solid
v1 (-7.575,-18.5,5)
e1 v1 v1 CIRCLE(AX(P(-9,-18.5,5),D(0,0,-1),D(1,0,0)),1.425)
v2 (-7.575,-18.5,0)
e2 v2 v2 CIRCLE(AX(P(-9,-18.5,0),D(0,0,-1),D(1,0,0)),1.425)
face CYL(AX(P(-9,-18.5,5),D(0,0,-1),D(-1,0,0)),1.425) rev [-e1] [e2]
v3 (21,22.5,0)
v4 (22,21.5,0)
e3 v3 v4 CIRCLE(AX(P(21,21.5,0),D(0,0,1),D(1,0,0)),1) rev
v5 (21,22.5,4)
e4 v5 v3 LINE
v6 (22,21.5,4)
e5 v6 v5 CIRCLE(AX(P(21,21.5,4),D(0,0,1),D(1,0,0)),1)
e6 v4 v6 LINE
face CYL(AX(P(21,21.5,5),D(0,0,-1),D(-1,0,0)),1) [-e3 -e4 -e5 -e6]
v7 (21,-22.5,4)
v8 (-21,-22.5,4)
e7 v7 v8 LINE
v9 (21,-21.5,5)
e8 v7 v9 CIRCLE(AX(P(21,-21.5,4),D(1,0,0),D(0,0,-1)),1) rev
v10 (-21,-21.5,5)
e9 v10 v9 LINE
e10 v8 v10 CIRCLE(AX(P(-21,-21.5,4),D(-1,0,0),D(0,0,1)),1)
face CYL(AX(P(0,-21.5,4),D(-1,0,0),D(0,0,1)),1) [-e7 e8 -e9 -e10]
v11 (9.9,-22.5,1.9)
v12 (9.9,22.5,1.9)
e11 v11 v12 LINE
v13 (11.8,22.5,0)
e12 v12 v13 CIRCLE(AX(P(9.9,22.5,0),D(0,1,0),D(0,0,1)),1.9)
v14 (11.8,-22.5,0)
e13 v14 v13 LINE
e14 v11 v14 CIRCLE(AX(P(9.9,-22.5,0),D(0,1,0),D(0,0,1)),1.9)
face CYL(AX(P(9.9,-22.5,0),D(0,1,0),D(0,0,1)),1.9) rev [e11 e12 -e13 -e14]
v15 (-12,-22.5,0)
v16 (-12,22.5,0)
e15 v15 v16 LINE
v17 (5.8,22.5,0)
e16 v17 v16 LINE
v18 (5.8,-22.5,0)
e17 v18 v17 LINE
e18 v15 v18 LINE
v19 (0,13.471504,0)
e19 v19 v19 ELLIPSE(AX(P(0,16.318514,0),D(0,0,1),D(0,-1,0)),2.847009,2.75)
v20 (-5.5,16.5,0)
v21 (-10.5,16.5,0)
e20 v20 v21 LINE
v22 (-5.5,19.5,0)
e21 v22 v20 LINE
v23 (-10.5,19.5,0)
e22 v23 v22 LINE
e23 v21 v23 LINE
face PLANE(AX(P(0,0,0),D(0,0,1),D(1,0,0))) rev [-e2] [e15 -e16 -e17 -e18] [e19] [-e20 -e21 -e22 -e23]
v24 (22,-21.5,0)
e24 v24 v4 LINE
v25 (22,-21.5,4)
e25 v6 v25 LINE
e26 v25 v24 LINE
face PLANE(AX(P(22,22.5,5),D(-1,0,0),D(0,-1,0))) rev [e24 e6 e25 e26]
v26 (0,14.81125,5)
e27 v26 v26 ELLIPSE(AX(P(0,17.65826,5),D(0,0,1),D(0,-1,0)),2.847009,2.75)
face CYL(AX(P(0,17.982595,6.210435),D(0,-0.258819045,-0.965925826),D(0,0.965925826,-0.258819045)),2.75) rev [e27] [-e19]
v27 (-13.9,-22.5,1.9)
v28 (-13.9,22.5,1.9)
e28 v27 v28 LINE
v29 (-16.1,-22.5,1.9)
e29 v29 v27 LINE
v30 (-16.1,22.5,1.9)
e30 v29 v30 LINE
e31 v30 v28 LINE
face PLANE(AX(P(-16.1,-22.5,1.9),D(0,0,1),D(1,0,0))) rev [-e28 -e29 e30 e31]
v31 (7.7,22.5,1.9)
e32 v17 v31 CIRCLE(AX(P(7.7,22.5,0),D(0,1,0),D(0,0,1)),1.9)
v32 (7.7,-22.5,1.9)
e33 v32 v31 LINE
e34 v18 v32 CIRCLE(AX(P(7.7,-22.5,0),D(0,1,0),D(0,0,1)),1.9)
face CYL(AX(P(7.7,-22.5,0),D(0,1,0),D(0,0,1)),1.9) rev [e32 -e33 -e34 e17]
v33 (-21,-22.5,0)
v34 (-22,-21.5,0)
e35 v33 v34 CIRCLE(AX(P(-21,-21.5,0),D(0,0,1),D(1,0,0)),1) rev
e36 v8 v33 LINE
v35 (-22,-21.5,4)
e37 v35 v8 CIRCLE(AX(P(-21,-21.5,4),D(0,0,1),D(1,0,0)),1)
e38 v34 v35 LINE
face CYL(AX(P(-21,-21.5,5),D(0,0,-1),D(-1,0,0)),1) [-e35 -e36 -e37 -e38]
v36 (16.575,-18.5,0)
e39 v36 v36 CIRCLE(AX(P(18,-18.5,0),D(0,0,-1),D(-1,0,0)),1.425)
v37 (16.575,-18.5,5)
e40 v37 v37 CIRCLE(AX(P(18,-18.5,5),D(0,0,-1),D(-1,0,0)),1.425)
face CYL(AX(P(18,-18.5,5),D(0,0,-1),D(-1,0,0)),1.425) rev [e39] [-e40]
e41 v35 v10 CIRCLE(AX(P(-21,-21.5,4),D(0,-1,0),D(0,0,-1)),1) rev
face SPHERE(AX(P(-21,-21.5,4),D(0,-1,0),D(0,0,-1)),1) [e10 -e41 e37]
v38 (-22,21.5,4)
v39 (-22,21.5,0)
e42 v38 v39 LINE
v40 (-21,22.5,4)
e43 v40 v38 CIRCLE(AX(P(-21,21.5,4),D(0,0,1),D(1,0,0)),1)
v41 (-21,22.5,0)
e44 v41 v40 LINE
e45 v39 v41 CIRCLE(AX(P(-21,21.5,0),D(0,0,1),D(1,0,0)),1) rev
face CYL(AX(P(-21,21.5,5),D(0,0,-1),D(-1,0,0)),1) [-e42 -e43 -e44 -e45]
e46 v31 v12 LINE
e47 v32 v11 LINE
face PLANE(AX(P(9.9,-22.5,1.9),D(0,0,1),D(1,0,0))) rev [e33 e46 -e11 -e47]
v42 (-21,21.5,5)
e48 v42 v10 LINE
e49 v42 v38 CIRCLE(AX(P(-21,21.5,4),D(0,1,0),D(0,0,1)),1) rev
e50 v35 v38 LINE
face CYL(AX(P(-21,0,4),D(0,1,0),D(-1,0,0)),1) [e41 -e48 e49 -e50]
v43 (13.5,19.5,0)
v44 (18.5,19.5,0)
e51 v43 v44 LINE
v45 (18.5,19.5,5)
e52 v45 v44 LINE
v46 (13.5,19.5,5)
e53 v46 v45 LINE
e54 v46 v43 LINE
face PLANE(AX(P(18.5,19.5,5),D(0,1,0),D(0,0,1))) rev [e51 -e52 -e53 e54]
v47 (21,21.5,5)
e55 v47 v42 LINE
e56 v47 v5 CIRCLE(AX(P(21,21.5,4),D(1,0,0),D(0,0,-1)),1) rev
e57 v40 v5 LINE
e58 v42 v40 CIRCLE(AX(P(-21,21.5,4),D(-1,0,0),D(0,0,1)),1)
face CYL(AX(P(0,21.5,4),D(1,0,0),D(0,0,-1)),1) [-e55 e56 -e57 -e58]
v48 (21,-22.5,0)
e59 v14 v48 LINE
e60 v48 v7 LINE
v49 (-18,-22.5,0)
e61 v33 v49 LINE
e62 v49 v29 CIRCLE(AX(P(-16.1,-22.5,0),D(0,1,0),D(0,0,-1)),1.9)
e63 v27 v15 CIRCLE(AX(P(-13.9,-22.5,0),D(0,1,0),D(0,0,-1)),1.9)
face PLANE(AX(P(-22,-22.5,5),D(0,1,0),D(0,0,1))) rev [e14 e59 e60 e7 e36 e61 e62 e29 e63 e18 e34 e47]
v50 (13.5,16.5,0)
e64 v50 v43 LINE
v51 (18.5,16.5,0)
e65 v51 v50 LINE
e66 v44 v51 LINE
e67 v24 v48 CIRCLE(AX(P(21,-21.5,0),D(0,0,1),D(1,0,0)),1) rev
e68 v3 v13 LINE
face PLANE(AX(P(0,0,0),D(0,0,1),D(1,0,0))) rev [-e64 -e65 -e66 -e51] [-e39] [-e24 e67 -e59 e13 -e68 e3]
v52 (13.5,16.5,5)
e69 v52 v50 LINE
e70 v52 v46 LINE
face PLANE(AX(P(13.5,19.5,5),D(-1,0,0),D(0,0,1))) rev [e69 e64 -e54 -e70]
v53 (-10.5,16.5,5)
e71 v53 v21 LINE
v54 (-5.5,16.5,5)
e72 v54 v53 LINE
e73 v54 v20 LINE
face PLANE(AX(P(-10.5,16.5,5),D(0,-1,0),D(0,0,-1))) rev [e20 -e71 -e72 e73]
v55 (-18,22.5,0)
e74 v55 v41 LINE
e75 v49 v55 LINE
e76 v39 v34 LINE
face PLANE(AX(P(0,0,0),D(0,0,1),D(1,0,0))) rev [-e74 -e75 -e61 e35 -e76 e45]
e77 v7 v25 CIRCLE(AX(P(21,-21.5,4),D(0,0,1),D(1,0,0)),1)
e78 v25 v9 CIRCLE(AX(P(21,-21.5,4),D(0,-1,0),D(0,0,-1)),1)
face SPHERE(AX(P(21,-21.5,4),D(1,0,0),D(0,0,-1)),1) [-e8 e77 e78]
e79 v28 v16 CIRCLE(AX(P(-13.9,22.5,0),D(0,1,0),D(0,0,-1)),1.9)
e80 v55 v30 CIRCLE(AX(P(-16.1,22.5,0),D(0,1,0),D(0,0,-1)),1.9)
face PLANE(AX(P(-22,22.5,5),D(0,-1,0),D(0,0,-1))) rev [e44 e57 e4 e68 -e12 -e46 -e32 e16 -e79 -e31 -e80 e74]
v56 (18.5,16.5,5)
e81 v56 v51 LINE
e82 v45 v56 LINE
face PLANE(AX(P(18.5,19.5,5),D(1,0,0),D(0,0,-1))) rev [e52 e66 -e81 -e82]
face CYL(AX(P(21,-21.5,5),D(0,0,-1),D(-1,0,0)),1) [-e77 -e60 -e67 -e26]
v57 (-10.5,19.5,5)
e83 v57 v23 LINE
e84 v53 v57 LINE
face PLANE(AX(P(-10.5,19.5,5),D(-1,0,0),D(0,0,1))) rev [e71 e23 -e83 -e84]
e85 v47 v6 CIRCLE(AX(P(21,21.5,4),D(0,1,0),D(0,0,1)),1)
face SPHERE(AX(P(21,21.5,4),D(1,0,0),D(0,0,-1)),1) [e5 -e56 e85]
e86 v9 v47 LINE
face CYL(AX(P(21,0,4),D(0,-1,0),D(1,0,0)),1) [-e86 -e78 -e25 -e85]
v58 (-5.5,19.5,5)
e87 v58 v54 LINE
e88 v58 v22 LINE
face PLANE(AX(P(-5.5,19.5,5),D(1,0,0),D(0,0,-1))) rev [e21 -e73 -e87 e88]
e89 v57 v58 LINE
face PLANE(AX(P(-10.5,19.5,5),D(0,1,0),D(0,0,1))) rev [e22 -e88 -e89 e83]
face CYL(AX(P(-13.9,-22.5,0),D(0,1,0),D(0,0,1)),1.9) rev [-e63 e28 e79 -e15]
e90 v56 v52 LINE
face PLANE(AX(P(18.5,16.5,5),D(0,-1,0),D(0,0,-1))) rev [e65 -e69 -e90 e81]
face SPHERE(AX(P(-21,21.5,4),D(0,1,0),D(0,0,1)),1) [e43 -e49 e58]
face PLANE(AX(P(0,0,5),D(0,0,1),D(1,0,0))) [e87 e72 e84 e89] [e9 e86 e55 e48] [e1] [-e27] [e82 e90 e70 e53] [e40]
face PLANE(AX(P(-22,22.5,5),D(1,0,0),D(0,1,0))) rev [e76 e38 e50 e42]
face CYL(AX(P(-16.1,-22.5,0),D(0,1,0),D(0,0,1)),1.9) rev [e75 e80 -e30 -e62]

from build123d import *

# Parameters (mm, degrees)
SKETCH1_W                       = 44
SKETCH1_H                       = 45
BASE_DEPTH                      = 5
WIRE_GROOVES_DEPTH              = 51.338851795
SCREW_INSERTION_HOLE_DEPTH      = 33.181634738
SCREW_INSERTION_HOLE_DEPTH_BACK = 33.181634738
SKETCH3_R                       = 2.75
SKETCH5_W                       = 5
SKETCH5_H                       = 3
ZIP_TIE_SLOTS_DEPTH             = 32.862987933
SKETCH6_R                       = 1.425
MOUNT_CLAMPING_HOLES_DEPTH      = 32.862987933
EDGE_FILLETS_R                  = 1


with BuildPart() as part:
    # Sketch1 → Base (new body)
    with BuildSketch(Plane.XY):
        Rectangle(SKETCH1_W, SKETCH1_H)
    extrude(amount=BASE_DEPTH)

    # Sketch2 → Wire Grooves (cut, through all)
    with BuildSketch(Plane(origin=(0, 22.5, 0), x_dir=(1, 0, 0), z_dir=(0, 1, 0))):
        with BuildLine():
            Line((-18, 0), (-12, 0))
            ThreePointArc((-12, 0), (-12.556497116, -1.343502884), (-13.9, -1.9))
            Line((-13.9, -1.9), (-16.1, -1.9))
            ThreePointArc((-16.1, -1.9), (-17.443502884, -1.343502884), (-18, 0))
        make_face()
        with BuildLine():
            Line((9.9, -1.9), (7.7, -1.9))
            ThreePointArc((7.7, -1.9), (6.356497116, -1.343502884), (5.8, 0))
            Line((5.8, 0), (11.8, 0))
            ThreePointArc((11.8, 0), (11.243502884, -1.343502884), (9.9, -1.9))
        make_face()
    extrude(amount=-WIRE_GROOVES_DEPTH, mode=Mode.SUBTRACT)

    # Sketch3 → Screw Insertion Hole (cut, two sides: drawn at the far end of the back side and taken through both)
    with BuildSketch(Plane(origin=(0, 0.596130014, 4.269237963), x_dir=(-1, 0, 0), z_dir=(0, -0.25881904510252135, -0.9659258262890681)).offset(-SCREW_INSERTION_HOLE_DEPTH_BACK)):
        with Locations(Location((0, 16.291616808, 0), (0, 0, 270))):
            Circle(SKETCH3_R)
    extrude(amount=SCREW_INSERTION_HOLE_DEPTH + SCREW_INSERTION_HOLE_DEPTH_BACK, mode=Mode.SUBTRACT)

    # Sketch5 → Zip Tie Slots (cut, through all)
    with BuildSketch(Plane(origin=(0, 0, 0), x_dir=(-1, 0, 0), z_dir=(0, 0, -1))):
        with Locations((-16, 18)):
            Rectangle(SKETCH5_W, SKETCH5_H)
        with Locations((8, 18)):
            Rectangle(SKETCH5_W, SKETCH5_H)
    extrude(amount=-ZIP_TIE_SLOTS_DEPTH, mode=Mode.SUBTRACT)

    # Sketch6 → Mount Clamping Holes (cut, through all)
    with BuildSketch(Plane(origin=(0, 0, 0), x_dir=(-1, 0, 0), z_dir=(0, 0, -1))):
        with Locations((-18, -18.5)):
            Circle(SKETCH6_R)
        with Locations(Location((9, -18.5, 0), (0, 0, 180))):
            Circle(SKETCH6_R)
    extrude(amount=-MOUNT_CLAMPING_HOLES_DEPTH, mode=Mode.SUBTRACT)

    # Edge Fillets
    edge_fillets_edges = [part.edges().sort_by_distance(p)[0] for p in [
        (-22, 0, 5),
        (0, -22.5, 5),
        (22, 0, 5),
        (22, -22.5, 2.5),
        (-22, -22.5, 2.5),
        (-22, 22.5, 2.5),
        (22, 22.5, 2.5),
        (0, 22.5, 5),
    ]]
    fillet(edge_fillets_edges, radius=EDGE_FILLETS_R)


solid = part.part
